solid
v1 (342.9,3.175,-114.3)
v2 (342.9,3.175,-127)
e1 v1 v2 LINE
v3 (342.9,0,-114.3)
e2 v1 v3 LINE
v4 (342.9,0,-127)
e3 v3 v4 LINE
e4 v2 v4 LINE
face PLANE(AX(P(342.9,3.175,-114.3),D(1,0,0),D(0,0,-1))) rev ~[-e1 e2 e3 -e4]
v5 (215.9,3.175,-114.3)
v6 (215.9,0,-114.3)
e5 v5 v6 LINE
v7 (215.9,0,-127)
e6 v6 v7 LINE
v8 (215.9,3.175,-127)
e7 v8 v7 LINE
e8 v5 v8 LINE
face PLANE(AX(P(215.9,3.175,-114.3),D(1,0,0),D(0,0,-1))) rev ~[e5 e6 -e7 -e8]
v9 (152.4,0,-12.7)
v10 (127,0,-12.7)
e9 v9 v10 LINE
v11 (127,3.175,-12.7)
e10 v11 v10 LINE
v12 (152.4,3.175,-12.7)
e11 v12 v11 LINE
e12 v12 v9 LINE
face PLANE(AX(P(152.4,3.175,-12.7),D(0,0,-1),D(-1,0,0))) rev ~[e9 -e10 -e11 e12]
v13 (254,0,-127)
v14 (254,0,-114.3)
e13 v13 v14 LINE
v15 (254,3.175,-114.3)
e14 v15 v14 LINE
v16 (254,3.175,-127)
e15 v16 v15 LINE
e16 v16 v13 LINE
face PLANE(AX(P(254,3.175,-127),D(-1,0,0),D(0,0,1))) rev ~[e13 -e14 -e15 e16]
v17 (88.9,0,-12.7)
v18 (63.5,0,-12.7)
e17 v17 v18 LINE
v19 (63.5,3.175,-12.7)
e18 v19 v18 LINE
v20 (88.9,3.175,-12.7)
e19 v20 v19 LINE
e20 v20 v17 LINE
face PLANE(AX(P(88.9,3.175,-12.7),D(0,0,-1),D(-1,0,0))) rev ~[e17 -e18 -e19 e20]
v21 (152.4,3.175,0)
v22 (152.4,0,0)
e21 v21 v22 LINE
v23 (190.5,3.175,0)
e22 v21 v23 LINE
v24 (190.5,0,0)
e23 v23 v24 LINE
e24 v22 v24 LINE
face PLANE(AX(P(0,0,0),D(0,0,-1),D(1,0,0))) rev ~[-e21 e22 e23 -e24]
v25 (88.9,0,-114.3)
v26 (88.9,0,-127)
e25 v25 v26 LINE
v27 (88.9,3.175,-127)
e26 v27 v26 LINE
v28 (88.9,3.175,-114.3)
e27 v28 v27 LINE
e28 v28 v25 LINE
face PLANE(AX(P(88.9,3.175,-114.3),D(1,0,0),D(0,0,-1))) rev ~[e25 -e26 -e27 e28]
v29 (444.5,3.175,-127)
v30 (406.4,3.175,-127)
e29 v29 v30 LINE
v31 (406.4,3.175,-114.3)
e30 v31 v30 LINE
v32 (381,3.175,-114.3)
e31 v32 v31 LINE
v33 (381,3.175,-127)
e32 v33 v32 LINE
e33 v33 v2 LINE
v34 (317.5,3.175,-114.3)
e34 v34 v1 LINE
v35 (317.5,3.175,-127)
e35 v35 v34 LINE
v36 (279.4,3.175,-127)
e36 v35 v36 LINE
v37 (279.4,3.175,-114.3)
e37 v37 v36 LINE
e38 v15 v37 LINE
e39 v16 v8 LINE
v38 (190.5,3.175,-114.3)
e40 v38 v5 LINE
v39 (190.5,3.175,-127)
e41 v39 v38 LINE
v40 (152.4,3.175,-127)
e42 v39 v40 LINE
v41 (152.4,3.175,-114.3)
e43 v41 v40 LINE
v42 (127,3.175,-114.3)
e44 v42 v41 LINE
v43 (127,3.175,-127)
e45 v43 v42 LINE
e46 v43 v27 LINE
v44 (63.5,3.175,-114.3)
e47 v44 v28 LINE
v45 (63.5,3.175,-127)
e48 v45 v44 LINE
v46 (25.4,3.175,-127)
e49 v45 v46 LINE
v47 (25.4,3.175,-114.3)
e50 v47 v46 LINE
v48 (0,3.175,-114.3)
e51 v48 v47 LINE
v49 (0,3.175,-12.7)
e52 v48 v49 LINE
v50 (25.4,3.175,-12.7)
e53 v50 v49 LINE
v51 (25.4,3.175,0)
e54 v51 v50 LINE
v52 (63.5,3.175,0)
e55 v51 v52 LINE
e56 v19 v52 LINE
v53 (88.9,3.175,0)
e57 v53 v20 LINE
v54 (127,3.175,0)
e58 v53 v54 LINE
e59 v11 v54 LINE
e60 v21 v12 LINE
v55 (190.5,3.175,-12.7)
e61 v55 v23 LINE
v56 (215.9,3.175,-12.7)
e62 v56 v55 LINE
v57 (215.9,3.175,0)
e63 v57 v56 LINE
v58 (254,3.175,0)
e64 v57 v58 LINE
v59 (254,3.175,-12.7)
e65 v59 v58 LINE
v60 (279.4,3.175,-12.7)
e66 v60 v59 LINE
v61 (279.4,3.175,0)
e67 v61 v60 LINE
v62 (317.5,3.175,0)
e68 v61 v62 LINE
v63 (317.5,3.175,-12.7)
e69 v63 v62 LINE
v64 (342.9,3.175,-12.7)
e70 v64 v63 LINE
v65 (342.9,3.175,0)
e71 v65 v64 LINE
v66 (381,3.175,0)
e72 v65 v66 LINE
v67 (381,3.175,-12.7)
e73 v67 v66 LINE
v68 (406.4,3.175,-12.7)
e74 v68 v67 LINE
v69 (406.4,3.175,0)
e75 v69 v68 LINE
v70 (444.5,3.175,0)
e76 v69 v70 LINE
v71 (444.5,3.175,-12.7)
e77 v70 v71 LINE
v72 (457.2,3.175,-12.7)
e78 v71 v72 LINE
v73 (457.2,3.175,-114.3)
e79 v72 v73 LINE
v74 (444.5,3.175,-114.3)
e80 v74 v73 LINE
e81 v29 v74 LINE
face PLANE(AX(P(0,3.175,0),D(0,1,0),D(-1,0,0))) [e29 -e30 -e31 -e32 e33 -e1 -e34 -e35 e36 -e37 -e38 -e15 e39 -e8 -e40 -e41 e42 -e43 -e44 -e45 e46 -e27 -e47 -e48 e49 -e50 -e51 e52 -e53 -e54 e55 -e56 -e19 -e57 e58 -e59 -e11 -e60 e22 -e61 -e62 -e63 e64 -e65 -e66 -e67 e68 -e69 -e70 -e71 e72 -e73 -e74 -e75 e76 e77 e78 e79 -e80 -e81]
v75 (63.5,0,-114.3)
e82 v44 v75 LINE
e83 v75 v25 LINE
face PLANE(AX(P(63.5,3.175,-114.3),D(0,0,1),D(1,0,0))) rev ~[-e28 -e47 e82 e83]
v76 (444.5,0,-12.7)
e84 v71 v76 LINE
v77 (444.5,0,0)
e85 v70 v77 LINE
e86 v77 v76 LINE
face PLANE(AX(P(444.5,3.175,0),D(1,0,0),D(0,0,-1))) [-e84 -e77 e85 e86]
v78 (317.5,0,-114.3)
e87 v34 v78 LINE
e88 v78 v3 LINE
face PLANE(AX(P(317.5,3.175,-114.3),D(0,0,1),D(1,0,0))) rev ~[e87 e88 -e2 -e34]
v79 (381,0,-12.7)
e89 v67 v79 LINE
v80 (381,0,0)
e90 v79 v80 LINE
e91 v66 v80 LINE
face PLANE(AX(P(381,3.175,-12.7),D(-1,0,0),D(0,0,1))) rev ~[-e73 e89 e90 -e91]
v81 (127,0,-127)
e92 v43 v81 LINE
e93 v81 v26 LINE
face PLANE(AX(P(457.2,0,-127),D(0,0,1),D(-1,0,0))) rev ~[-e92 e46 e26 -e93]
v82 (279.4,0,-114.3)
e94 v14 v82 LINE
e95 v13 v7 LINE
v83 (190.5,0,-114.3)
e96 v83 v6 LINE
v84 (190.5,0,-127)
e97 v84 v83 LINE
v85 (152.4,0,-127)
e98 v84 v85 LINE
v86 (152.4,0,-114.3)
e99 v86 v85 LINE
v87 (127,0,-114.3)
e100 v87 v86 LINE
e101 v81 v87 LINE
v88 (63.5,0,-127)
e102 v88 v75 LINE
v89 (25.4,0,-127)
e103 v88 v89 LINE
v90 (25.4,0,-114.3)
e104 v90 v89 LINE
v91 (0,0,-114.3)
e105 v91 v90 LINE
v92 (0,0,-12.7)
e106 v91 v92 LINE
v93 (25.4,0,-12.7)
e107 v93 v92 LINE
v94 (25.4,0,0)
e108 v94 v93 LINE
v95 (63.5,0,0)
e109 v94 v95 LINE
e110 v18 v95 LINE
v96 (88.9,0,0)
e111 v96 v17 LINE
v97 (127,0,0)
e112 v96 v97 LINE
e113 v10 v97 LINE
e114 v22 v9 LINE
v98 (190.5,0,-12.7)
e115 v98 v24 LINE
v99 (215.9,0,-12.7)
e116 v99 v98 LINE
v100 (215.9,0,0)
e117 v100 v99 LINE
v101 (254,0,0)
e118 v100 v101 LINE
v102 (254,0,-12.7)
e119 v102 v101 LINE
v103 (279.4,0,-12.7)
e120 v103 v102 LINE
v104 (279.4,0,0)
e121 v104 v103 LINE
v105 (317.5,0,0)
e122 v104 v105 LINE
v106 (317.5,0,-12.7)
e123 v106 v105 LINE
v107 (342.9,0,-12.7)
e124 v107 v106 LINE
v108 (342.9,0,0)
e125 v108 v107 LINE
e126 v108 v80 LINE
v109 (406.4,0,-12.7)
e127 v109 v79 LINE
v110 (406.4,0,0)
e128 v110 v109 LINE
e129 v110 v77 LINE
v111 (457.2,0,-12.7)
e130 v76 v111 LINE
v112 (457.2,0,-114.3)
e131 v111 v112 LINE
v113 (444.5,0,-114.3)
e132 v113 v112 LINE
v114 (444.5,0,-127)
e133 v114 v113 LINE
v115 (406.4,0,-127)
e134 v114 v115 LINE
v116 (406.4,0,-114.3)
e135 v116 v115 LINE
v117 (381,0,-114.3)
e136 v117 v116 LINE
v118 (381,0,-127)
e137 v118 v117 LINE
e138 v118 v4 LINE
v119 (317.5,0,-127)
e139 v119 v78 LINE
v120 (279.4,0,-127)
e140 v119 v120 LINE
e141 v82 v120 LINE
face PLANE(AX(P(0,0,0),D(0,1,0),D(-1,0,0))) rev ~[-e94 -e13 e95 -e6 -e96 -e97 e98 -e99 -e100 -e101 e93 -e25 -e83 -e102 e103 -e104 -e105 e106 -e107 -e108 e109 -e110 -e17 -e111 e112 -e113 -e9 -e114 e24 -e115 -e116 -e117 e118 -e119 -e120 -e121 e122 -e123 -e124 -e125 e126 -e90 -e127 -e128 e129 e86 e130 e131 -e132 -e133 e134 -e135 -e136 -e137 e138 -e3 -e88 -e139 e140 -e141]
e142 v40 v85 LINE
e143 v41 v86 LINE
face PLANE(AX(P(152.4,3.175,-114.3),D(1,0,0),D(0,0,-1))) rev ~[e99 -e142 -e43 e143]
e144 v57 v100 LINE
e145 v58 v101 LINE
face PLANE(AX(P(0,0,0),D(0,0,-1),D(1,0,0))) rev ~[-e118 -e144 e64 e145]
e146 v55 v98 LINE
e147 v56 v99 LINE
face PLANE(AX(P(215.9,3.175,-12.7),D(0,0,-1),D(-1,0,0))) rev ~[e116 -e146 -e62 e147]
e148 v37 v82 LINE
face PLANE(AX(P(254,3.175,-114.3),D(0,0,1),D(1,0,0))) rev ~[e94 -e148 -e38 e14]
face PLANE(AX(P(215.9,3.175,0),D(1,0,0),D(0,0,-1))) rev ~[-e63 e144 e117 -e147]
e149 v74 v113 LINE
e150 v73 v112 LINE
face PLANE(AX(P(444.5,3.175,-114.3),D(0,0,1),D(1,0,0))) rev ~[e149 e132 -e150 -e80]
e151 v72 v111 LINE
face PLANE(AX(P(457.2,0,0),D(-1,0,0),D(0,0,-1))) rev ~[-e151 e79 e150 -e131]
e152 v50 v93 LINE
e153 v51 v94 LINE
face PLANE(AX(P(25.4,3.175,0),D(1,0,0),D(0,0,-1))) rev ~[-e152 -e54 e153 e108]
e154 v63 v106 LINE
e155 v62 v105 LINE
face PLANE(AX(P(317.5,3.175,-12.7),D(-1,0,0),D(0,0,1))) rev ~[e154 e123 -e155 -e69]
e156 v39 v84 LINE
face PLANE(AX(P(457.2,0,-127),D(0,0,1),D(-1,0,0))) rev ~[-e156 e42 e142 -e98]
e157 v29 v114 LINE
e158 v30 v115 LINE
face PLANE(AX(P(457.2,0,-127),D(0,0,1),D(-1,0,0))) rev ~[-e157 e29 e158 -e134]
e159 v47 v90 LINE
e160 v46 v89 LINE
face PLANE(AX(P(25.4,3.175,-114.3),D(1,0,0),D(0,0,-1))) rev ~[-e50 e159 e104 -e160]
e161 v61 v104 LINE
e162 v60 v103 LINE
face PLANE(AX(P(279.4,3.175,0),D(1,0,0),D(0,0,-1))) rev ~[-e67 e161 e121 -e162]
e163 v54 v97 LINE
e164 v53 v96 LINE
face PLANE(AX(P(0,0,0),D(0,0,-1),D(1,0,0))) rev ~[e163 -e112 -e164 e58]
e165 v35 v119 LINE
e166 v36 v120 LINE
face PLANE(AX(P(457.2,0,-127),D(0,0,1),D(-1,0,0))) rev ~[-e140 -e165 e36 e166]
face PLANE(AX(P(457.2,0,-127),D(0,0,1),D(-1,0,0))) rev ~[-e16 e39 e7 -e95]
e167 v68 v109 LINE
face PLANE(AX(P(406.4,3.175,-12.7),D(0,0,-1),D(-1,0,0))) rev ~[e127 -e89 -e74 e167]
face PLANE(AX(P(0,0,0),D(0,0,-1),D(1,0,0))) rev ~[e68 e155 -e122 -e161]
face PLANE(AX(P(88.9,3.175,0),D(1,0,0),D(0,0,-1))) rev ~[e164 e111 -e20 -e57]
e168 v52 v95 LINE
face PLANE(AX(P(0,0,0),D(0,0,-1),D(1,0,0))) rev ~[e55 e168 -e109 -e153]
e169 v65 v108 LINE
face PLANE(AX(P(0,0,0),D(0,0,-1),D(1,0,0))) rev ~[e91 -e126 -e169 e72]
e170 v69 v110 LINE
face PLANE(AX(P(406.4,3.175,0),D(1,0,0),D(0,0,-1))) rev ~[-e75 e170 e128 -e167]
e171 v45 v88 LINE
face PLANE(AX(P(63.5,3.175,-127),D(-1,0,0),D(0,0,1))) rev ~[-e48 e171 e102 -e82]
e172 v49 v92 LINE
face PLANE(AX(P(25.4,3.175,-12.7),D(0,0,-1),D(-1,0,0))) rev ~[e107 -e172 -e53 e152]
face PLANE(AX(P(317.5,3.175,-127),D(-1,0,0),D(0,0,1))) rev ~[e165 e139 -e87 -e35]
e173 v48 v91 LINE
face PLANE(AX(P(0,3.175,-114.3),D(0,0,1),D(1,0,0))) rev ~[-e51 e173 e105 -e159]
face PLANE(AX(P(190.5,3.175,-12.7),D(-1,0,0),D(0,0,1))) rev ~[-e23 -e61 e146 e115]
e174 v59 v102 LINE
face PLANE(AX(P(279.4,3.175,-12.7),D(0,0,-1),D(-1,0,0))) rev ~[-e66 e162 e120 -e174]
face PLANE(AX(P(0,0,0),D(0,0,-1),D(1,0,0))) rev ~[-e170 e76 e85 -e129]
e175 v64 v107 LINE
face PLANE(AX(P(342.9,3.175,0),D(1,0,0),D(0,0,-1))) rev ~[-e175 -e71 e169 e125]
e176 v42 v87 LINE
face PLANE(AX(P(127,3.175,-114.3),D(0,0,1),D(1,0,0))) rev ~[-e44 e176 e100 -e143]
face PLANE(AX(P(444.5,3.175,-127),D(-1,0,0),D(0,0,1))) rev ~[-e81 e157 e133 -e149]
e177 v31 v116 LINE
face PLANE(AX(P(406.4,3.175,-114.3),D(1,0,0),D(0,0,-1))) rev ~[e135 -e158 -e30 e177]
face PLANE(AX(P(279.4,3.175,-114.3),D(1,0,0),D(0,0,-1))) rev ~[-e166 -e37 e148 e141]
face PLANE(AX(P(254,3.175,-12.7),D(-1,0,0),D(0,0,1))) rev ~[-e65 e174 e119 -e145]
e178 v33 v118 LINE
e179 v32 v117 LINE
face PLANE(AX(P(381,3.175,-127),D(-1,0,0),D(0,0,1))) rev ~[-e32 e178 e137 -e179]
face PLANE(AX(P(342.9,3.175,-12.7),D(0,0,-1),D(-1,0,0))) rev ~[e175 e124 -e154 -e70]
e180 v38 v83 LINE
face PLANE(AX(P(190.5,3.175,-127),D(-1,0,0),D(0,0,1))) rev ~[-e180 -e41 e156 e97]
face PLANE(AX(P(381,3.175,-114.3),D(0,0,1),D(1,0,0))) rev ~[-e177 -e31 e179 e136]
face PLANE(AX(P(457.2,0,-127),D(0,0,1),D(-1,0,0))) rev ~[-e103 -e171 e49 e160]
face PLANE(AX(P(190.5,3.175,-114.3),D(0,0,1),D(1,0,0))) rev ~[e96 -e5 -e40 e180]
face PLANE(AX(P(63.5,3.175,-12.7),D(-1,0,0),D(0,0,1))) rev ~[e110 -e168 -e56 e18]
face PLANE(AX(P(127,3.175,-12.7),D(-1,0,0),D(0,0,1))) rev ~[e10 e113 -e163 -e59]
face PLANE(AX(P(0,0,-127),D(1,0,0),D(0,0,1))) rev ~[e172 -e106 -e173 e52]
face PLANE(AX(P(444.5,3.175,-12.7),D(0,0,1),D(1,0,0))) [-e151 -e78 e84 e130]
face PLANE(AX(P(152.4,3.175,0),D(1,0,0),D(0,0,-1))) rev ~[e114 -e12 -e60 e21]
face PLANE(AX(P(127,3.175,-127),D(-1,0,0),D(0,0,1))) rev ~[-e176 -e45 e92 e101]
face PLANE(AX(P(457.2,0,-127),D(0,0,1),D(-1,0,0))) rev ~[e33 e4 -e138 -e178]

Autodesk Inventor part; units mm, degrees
ref_plane "YZ Plane" through (0, 0, 0) normal (1, 0, 0) x (0, 1, 0)
ref_plane "XZ Plane" through (0, 0, 0) normal (0, 1, 0) x (-1, 0, 0)
ref_plane "XY Plane" through (0, 0, 0) normal (0, 0, 1) x (1, 0, 0)
sketch "Sketch1" plane through (0, 0, 0) normal (0, 1, 0) x (-1, 0, 0)
  line L0 (0, 0) -> (-457.2, 0)
  line L1 (-457.2, 0) -> (-457.2, -127)
  line L2 (-457.2, -127) -> (0, -127)
  line L3 (0, -127) -> (0, 0)
  dimension "d0" = 457.2
  dimension "d1" = 127
extrude "Extrusion1" add sketch "Sketch1" along normal blind 3.175
sketch "Sketch2" plane through (0, 3.175, 0) normal (0, 1, 0) x (1, 0, 0)
  line L0 (0, 127) -> (0, 0) projected
  line L1 (0, 114.3) -> (25.4, 114.3)
  line L2 (25.4, 114.3) -> (25.4, 127)
  line L3 (457.2, 127) -> (0, 127) projected
  line L4 (63.5, 127) -> (63.5, 114.3)
  line L5 (63.5, 114.3) -> (88.9, 114.3)
  line L6 (88.9, 114.3) -> (88.9, 127)
  line L7 (127, 127) -> (127, 114.3)
  line L8 (127, 114.3) -> (152.4, 114.3)
  line L9 (152.4, 114.3) -> (152.4, 127)
  line L10 (190.5, 127) -> (190.5, 114.3)
  line L11 (190.5, 114.3) -> (215.9, 114.3)
  line L12 (215.9, 114.3) -> (215.9, 127)
  line L13 (254, 127) -> (254, 114.3)
  line L14 (254, 114.3) -> (279.4, 114.3)
  line L15 (279.4, 114.3) -> (279.4, 127)
  line L16 (317.5, 127) -> (317.5, 114.3)
  line L17 (317.5, 114.3) -> (342.9, 114.3)
  line L18 (342.9, 114.3) -> (342.9, 127)
  line L19 (381, 127) -> (381, 114.3)
  line L20 (381, 114.3) -> (406.4, 114.3)
  line L21 (406.4, 114.3) -> (406.4, 127)
  line L22 (444.5, 127) -> (444.5, 114.3)
  line L23 (444.5, 114.3) -> (457.2, 114.3)
  line L24 (457.2, 0) -> (457.2, 127) projected
  line L25 (0, 114.3) -> (0, 127)
  line L26 (63.5, 127) -> (88.9, 127)
  line L27 (127, 127) -> (152.4, 127)
  line L28 (190.5, 127) -> (215.9, 127)
  line L29 (254, 127) -> (279.4, 127)
  line L30 (317.5, 127) -> (342.9, 127)
  line L31 (381, 127) -> (406.4, 127)
  line L32 (444.5, 127) -> (457.2, 127)
  line L33 (0, 127) -> (25.4, 127)
  point P0 (457.2, 114.3)
  point P1 (25.4, 127)
  dimension "d4" = 25.4
  dimension "d6" = 12.7
  dimension "d7" = 12.7
  dimension "d8" = 12.7
  dimension "d9" = 25.4
  dimension "d10" = 38.1
  dimension "d11" = 25.4
  dimension "d12" = 38.1
  dimension "d13" = 25.4
  dimension "d14" = 38.1
  dimension "d15" = 25.4
  dimension "d16" = 38.1
  dimension "d17" = 25.4
  dimension "d18" = 38.1
  dimension "d19" = 25.4
  dimension "d20" = 38.1
  dimension "d21" = 12.7
  dimension "d22" = 0
  dimension "d42" = 12.7
extrude "Extrusion2" cut sketch "Sketch2" against normal through all
sketch "Sketch3" plane through (0, 3.175, 0) normal (0, 1, 0) x (1, 0, 0)
  line L0 (0, 0) -> (457.2, 0) projected
  line L1 (0, 0) -> (25.4, 0)
  line L2 (25.4, 0) -> (25.4, 12.7)
  line L3 (25.4, 12.7) -> (0, 12.7)
  line L4 (0, 12.7) -> (0, 0)
  line L5 (63.5, 0) -> (88.9, 0)
  line L6 (88.9, 0) -> (88.9, 12.7)
  line L7 (88.9, 12.7) -> (63.5, 12.7)
  line L8 (63.5, 12.7) -> (63.5, 0)
  line L9 (127, 0) -> (152.4, 0)
  line L10 (152.4, 0) -> (152.4, 12.7)
  line L11 (152.4, 12.7) -> (127, 12.7)
  line L12 (127, 12.7) -> (127, 0)
  line L13 (190.5, 0) -> (215.9, 0)
  line L14 (215.9, 0) -> (215.9, 12.7)
  line L15 (215.9, 12.7) -> (190.5, 12.7)
  line L16 (190.5, 12.7) -> (190.5, 0)
  line L17 (254, 0) -> (279.4, 0)
  line L18 (279.4, 0) -> (279.4, 12.7)
  line L19 (279.4, 12.7) -> (254, 12.7)
  line L20 (254, 12.7) -> (254, 0)
  line L21 (317.5, 0) -> (342.9, 0)
  line L22 (342.9, 0) -> (342.9, 12.7)
  line L23 (342.9, 12.7) -> (317.5, 12.7)
  line L24 (317.5, 12.7) -> (317.5, 0)
  line L25 (381, 0) -> (406.4, 0)
  line L26 (406.4, 0) -> (406.4, 12.7)
  line L27 (406.4, 12.7) -> (381, 12.7)
  line L28 (381, 12.7) -> (381, 0)
  line L29 (457.2, 0) -> (457.2, 114.3) projected
  line L30 (457.2, 0) -> (444.5, 0)
  line L31 (444.5, 0) -> (444.5, 12.7)
  line L32 (444.5, 12.7) -> (457.2, 12.7)
  line L33 (457.2, 12.7) -> (457.2, 0)
  dimension "d25" = 25.4
  dimension "d26" = 12.7
  dimension "d27" = 25.4
  dimension "d28" = 38.1
  dimension "d29" = 25.4
  dimension "d30" = 25.4
  dimension "d31" = 25.4
  dimension "d32" = 25.4
  dimension "d33" = 25.4
  dimension "d34" = 12.7
  dimension "d35" = 38.1
  dimension "d36" = 38.1
  dimension "d37" = 38.1
  dimension "d38" = 38.1
  dimension "d39" = 38.1
extrude "Extrusion3" cut sketch "Sketch3" against normal through all
properties part number "BridgeRoof"
